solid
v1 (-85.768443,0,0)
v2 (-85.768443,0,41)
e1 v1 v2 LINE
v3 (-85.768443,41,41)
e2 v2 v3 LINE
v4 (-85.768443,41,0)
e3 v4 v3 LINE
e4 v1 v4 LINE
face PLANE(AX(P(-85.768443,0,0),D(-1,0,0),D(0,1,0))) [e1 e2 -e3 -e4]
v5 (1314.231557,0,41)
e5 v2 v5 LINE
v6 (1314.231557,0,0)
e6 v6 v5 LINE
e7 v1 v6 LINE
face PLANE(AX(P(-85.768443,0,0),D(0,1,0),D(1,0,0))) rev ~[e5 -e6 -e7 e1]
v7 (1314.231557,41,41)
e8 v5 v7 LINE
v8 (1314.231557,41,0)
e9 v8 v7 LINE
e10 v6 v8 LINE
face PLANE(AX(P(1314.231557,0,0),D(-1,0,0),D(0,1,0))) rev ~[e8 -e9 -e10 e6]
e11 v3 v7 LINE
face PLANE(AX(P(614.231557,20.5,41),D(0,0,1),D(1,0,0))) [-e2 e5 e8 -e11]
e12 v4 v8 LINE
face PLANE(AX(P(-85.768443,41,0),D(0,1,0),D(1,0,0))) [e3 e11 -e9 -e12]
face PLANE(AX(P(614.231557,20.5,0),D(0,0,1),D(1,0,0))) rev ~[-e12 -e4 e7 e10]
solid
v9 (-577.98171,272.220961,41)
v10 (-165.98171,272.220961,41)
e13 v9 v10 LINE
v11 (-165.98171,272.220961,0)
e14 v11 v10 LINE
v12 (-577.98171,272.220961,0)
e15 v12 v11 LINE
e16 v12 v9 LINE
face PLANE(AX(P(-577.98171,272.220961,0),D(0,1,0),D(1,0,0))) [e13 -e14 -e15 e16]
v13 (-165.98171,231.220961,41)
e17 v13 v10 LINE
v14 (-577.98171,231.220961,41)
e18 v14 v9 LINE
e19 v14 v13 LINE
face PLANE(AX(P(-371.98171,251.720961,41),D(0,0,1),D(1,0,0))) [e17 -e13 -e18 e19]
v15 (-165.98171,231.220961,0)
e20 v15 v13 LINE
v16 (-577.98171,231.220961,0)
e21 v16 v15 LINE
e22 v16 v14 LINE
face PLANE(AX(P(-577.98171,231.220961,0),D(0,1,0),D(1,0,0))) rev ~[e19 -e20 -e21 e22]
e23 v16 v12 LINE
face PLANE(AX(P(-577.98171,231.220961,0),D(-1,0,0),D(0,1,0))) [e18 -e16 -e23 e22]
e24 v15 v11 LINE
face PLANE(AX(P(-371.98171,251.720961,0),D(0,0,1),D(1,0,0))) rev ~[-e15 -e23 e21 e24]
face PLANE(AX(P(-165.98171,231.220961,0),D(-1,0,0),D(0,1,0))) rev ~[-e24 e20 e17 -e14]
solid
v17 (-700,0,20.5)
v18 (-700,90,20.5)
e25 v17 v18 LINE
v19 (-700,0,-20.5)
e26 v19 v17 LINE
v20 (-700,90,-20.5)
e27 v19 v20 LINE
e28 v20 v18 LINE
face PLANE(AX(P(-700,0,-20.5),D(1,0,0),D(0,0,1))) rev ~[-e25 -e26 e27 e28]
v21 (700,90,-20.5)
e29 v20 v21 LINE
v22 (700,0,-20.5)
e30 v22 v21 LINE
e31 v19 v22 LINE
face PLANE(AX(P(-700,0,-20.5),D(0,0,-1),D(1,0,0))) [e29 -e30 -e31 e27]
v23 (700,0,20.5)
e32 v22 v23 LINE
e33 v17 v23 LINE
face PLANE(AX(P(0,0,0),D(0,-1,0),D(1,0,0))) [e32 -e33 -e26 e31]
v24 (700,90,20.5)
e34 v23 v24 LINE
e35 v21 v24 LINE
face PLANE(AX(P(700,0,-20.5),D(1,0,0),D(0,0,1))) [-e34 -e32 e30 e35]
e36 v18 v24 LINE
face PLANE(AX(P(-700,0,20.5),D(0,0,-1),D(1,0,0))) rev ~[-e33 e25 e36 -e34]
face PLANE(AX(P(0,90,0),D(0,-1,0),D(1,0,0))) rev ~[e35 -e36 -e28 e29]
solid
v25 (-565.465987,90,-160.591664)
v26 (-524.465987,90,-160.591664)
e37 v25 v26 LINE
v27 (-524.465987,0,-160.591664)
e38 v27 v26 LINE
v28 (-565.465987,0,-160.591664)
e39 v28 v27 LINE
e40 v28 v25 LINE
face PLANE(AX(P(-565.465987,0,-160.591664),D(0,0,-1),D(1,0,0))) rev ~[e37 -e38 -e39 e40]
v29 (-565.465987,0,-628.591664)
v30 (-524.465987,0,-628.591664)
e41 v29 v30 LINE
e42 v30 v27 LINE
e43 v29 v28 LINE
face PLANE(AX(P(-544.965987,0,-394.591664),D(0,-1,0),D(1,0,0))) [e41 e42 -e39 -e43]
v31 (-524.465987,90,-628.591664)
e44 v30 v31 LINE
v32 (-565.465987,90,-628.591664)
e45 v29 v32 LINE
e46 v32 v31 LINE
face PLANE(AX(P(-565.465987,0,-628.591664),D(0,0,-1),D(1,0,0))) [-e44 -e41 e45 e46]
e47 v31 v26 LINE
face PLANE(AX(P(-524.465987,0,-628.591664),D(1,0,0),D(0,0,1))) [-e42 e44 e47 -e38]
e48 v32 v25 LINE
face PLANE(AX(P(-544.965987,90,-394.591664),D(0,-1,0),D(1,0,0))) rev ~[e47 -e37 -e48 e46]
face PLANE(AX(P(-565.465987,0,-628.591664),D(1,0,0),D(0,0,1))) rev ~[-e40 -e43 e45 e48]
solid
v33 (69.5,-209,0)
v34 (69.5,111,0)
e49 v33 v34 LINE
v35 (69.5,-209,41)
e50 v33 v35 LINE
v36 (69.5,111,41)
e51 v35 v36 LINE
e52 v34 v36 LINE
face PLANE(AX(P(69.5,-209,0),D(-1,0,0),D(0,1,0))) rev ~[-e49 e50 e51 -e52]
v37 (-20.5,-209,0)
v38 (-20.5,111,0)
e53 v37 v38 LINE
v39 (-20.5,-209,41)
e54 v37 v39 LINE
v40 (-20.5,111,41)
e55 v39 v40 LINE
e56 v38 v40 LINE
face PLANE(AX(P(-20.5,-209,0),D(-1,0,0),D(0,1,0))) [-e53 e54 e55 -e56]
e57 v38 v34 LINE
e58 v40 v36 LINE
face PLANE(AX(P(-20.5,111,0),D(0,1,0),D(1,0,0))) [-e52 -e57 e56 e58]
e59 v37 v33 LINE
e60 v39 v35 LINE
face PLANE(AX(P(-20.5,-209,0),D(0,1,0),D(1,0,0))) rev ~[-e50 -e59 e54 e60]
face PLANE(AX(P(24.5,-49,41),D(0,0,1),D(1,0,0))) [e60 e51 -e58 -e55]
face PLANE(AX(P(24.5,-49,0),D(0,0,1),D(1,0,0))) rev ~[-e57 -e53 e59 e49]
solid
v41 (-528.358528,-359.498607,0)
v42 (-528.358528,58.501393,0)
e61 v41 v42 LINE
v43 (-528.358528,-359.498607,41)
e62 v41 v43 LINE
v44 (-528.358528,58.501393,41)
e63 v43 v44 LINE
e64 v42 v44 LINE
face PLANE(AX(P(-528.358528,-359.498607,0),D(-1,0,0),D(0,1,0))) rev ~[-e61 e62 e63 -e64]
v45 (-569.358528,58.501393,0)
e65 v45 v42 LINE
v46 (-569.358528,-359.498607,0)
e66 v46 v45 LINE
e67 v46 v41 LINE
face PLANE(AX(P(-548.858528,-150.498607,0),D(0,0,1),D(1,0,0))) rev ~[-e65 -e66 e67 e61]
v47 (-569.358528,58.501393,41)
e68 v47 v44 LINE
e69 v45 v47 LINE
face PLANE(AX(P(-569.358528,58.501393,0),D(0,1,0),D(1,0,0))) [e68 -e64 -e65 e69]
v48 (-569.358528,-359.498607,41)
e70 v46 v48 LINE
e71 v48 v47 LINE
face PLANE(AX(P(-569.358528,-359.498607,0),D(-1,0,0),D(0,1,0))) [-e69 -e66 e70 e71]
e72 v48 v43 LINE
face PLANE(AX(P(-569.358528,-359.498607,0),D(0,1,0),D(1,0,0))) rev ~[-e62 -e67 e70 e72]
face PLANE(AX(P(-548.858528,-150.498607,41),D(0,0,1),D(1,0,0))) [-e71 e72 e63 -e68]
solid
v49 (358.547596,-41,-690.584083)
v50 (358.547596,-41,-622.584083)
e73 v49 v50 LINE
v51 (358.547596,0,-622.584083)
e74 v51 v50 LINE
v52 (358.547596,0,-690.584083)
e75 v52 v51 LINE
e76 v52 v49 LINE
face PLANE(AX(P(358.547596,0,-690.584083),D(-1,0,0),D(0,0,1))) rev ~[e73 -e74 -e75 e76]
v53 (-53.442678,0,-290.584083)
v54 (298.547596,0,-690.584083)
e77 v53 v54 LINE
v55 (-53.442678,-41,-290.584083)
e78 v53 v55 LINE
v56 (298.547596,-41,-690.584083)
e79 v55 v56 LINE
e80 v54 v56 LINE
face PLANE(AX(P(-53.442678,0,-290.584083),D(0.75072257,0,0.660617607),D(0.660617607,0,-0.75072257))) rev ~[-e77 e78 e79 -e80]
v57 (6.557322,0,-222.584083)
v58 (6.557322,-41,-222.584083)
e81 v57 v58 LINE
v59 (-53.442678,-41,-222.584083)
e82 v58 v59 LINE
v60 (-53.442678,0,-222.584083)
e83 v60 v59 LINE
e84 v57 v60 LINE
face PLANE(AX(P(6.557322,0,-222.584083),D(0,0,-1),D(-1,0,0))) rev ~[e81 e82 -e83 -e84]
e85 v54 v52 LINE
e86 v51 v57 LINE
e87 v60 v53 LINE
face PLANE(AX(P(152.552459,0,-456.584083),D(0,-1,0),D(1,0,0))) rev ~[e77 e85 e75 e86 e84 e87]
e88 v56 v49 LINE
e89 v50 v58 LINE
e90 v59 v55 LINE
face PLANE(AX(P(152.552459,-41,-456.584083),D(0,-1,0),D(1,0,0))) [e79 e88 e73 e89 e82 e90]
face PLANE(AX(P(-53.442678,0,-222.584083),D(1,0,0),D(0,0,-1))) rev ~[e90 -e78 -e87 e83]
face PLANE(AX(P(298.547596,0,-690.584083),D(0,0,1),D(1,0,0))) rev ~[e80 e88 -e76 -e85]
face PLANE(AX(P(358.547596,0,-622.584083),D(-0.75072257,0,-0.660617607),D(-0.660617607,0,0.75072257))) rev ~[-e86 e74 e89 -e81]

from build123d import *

# Parameters (mm, degrees)
F0_W      = 1400
F0_H      = 41
F1_DEPTH  = 41
F2_W      = 41
F2_H      = 418
F3_DEPTH  = 41
F4_W      = 41
F4_H      = 468
F5_DEPTH  = 90
F6_W      = 1400
F6_H      = 41
F7_DEPTH  = 90
F8_W      = 90
F8_H      = 320
F9_DEPTH  = 41
F10_W     = 412
F10_H     = 41
F11_DEPTH = 41
F13_DEPTH = 41


with BuildPart() as f1:
    # F0 (on Top) → F1 (new body)
    with BuildSketch(Plane.XY):
        with Locations((614.2315574641, 20.5)):
            Rectangle(F0_W, F0_H)
    extrude(amount=F1_DEPTH)


with BuildPart() as f3:
    # F2 (on Top) → F3 (new body)
    with BuildSketch(Plane.XY):
        with Locations((-548.8585276604, -150.4986073971)):
            Rectangle(F2_W, F2_H)
    extrude(amount=F3_DEPTH)


with BuildPart() as f5:
    # F4 (on Front) → F5 (new body)
    with BuildSketch(Plane.XZ):
        with Locations((-544.9659867287, -394.5916641653)):
            Rectangle(F4_W, F4_H)
    extrude(amount=-F5_DEPTH)


with BuildPart() as f7:
    # F6 (on Front) → F7 (new body)
    with BuildSketch(Plane.XZ):
        Rectangle(F6_W, F6_H)
    extrude(amount=-F7_DEPTH)


with BuildPart() as f9:
    # F8 (on Top) → F9 (new body)
    with BuildSketch(Plane.XY):
        with Locations((24.5, -49)):
            Rectangle(F8_W, F8_H)
    extrude(amount=F9_DEPTH)


with BuildPart() as f11:
    # F10 (on Top) → F11 (new body)
    with BuildSketch(Plane.XY):
        with Locations((-371.981710434, 251.7209606171)):
            Rectangle(F10_W, F10_H)
    extrude(amount=F11_DEPTH)


with BuildPart() as f13:
    # F12 (on Front) → F13 (new body)
    with BuildSketch(Plane.XZ):
        Polygon((-53.4426776367, -222.5840827349), (-53.4426776367, -290.5840827349), (298.5475955244, -690.5840827349), (358.5475955244, -690.5840827349), (358.5475955244, -622.5840827349), (6.5573223633, -222.5840827349), align=None)
    extrude(amount=F13_DEPTH)


solid = Compound([f1.part, f3.part, f5.part, f7.part, f9.part, f11.part, f13.part])
